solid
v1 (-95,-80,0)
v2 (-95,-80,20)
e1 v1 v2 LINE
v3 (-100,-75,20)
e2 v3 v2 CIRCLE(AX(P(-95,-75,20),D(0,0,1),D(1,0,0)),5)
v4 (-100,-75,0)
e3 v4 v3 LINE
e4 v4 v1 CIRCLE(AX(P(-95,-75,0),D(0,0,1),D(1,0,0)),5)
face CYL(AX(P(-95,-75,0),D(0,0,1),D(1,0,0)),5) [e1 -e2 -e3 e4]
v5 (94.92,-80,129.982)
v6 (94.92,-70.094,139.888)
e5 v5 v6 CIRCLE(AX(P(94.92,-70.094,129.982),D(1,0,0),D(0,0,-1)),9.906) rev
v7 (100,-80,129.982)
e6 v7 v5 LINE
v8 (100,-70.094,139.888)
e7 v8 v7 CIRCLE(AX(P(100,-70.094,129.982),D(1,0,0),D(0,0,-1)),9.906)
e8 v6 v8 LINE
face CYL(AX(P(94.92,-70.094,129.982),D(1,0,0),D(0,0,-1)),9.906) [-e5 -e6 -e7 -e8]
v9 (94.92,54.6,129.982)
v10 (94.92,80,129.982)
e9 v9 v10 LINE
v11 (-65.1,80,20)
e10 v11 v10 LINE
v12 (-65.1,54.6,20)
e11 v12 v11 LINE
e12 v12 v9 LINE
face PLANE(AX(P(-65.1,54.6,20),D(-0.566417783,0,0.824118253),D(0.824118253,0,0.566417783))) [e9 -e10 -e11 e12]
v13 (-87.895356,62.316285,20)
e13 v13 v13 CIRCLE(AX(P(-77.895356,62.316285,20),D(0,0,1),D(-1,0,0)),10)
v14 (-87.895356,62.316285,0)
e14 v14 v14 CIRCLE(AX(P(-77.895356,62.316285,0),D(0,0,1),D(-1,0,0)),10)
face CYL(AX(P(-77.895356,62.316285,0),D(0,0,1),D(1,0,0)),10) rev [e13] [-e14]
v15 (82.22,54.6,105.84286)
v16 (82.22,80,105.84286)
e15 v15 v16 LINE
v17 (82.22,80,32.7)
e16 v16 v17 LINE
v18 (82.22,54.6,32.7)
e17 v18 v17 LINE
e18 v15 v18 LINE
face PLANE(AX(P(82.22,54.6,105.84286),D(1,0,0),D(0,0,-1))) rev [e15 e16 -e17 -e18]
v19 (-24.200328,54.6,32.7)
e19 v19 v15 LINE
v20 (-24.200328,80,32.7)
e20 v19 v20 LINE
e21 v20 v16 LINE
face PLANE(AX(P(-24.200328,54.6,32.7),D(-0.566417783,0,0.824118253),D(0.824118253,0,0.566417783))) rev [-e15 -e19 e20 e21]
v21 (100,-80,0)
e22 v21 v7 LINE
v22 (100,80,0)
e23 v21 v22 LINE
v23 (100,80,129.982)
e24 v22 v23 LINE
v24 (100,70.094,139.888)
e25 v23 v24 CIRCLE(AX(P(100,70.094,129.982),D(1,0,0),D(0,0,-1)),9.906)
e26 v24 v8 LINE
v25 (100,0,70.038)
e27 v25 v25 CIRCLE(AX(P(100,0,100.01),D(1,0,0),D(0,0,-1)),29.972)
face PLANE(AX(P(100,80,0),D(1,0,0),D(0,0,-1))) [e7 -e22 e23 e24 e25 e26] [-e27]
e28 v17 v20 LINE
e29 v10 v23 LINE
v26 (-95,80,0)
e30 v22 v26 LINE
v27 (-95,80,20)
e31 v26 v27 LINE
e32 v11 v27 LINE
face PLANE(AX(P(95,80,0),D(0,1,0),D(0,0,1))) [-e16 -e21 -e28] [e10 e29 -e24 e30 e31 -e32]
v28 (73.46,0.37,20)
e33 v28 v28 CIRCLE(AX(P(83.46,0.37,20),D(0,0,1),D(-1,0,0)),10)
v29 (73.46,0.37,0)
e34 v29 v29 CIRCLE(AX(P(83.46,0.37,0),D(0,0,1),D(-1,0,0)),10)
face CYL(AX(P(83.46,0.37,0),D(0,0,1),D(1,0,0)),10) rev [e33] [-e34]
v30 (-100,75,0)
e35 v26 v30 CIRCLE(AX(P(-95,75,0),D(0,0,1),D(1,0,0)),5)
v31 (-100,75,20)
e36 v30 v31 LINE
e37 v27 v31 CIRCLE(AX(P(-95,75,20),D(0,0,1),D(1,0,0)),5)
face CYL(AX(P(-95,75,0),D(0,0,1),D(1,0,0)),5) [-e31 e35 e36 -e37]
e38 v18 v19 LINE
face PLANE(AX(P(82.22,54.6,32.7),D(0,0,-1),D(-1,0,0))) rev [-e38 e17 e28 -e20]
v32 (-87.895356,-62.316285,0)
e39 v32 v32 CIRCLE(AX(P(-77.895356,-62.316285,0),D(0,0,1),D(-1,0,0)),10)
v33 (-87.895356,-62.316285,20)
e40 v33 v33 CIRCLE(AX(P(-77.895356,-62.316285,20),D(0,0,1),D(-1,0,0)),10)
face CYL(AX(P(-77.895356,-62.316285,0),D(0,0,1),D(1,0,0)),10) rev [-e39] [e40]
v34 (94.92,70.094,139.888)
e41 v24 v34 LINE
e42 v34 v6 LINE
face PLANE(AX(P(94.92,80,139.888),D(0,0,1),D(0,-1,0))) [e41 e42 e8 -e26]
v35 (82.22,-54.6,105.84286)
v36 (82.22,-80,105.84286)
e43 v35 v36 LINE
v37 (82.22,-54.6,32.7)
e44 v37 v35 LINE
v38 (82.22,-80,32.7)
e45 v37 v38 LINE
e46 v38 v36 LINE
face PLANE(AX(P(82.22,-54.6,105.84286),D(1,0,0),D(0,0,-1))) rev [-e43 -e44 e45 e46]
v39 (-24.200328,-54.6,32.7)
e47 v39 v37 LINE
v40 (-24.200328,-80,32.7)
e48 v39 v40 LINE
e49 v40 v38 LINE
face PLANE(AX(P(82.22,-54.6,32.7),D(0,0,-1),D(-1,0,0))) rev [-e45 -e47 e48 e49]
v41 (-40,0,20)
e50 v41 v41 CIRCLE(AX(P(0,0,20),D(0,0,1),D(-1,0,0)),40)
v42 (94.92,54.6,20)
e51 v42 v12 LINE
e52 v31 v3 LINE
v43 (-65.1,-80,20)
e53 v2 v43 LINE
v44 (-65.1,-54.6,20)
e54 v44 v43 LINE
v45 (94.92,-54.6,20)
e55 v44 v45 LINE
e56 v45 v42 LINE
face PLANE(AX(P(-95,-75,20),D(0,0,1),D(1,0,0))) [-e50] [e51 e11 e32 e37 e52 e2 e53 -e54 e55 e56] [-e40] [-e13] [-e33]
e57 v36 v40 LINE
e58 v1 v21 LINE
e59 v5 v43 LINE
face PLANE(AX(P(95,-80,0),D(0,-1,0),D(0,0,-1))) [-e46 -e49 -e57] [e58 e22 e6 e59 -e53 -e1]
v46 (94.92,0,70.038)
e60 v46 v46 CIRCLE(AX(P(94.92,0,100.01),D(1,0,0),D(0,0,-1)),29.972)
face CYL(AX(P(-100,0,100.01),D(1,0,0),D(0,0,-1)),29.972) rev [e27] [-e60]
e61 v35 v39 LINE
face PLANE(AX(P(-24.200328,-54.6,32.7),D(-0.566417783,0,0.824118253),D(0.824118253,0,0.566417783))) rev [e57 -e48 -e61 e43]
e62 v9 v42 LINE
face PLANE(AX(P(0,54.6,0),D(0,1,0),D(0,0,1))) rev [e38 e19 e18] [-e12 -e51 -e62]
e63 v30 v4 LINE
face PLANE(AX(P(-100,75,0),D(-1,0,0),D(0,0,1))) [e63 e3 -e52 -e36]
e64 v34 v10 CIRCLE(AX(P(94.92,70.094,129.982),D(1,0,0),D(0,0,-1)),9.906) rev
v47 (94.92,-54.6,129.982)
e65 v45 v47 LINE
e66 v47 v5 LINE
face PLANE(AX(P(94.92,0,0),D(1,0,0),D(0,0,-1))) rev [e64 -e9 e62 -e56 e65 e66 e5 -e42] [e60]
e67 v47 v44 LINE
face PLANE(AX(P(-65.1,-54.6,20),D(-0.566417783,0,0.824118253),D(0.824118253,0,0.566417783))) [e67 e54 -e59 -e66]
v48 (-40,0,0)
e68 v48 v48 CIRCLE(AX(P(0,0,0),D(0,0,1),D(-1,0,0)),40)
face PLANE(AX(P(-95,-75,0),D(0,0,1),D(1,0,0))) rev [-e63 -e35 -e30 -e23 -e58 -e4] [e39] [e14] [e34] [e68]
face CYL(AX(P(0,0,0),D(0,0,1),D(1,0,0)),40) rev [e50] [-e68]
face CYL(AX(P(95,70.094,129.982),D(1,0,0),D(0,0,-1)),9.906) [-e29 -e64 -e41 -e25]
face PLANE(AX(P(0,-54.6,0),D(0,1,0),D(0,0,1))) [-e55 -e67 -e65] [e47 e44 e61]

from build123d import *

# Parameters (mm, degrees)
SKETCH1_R           = 10
SKETCH1_R_2         = 40
BOSS_EXTRUDE1_DEPTH = 20
SKETCH2_W           = 119.888
SKETCH2_H           = 160
BOSS_EXTRUDE3_DEPTH = 5.08
SKETCH2_7_R         = 29.972
CUT_EXTRUDE1_DEPTH  = 257.843634424
FILLET1_R           = 9.906
FILLET2_R           = 9.906
BOSS_EXTRUDE4_DEPTH = 25.4
BOSS_EXTRUDE5_DEPTH = 25.4


with BuildPart() as part:
    # Sketch1 → Boss-Extrude1 (new body)
    with BuildSketch(Plane.XY.offset(20)):
        with BuildLine():
            Line((95, 80), (-95, 80))
            ThreePointArc((-95, 80), (-98.535533906, 78.535533906), (-100, 75))
            Line((-100, 75), (-100, -75))
            ThreePointArc((-100, -75), (-98.535533906, -78.535533906), (-95, -80))
            Line((-95, -80), (95, -80))
            Line((95, -80), (100, -80))
            Line((100, -80), (100, -75))
            Line((100, -75), (100, 75))
            Line((100, 75), (100, 80))
            Line((100, 80), (95, 80))
        make_face()
        with Locations((-77.895356155, 62.316284924)):
            Circle(SKETCH1_R, mode=Mode.SUBTRACT)
        with Locations((83.46, 0.37)):
            Circle(SKETCH1_R, mode=Mode.SUBTRACT)
        with Locations((-77.895356155, -62.316284924)):
            Circle(SKETCH1_R, mode=Mode.SUBTRACT)
        Circle(SKETCH1_R_2, mode=Mode.SUBTRACT)
    extrude(amount=-BOSS_EXTRUDE1_DEPTH)

    # Sketch2 → Boss-Extrude3 (add)
    with BuildSketch(Plane(origin=(100, 0, 0), x_dir=(0, 0, -1), z_dir=(1, 0, 0))):
        with Locations((-79.944, 0)):
            Rectangle(SKETCH2_W, SKETCH2_H)
    extrude(amount=-BOSS_EXTRUDE3_DEPTH)

    # Sketch2<7> → Cut-Extrude1 (cut, through all)
    with BuildSketch(Plane(origin=(100, 0, 0), x_dir=(0, 0, -1), z_dir=(1, 0, 0))):
        with Locations((-100.01, 0)):
            Circle(SKETCH2_7_R)
    extrude(amount=-CUT_EXTRUDE1_DEPTH, mode=Mode.SUBTRACT)

    # Fillet1
    fillet1_edges = [part.edges().sort_by_distance(p)[0] for p in [
        (97.46, 80, 139.888),
    ]]
    fillet(fillet1_edges, radius=FILLET1_R)

    # Fillet2
    fillet2_edges = [part.edges().sort_by_distance(p)[0] for p in [
        (97.46, -80, 139.888),
    ]]
    fillet(fillet2_edges, radius=FILLET2_R)

    # Sketch4 → Boss-Extrude4 (add)
    with BuildSketch(Plane.XZ.offset(80)):
        Polygon((94.92, 129.982), (94.92, 20), (-65.1, 20), align=None)
        Polygon((82.22, 32.7), (-24.200327544, 32.7), (82.22, 105.842860042), align=None, mode=Mode.SUBTRACT)
    extrude(amount=-BOSS_EXTRUDE4_DEPTH)

    # Sketch5 → Boss-Extrude5 (add)
    with BuildSketch(Plane(origin=(0, 80, 0), x_dir=(1, 0, 0), z_dir=(0, 1, 0))):
        Polygon((94.92, -129.982), (94.92, -20), (-65.1, -20), align=None)
        Polygon((-24.200327544, -32.7), (82.22, -105.842860042), (82.22, -32.7), align=None, mode=Mode.SUBTRACT)
    extrude(amount=-BOSS_EXTRUDE5_DEPTH)


solid = part.part
